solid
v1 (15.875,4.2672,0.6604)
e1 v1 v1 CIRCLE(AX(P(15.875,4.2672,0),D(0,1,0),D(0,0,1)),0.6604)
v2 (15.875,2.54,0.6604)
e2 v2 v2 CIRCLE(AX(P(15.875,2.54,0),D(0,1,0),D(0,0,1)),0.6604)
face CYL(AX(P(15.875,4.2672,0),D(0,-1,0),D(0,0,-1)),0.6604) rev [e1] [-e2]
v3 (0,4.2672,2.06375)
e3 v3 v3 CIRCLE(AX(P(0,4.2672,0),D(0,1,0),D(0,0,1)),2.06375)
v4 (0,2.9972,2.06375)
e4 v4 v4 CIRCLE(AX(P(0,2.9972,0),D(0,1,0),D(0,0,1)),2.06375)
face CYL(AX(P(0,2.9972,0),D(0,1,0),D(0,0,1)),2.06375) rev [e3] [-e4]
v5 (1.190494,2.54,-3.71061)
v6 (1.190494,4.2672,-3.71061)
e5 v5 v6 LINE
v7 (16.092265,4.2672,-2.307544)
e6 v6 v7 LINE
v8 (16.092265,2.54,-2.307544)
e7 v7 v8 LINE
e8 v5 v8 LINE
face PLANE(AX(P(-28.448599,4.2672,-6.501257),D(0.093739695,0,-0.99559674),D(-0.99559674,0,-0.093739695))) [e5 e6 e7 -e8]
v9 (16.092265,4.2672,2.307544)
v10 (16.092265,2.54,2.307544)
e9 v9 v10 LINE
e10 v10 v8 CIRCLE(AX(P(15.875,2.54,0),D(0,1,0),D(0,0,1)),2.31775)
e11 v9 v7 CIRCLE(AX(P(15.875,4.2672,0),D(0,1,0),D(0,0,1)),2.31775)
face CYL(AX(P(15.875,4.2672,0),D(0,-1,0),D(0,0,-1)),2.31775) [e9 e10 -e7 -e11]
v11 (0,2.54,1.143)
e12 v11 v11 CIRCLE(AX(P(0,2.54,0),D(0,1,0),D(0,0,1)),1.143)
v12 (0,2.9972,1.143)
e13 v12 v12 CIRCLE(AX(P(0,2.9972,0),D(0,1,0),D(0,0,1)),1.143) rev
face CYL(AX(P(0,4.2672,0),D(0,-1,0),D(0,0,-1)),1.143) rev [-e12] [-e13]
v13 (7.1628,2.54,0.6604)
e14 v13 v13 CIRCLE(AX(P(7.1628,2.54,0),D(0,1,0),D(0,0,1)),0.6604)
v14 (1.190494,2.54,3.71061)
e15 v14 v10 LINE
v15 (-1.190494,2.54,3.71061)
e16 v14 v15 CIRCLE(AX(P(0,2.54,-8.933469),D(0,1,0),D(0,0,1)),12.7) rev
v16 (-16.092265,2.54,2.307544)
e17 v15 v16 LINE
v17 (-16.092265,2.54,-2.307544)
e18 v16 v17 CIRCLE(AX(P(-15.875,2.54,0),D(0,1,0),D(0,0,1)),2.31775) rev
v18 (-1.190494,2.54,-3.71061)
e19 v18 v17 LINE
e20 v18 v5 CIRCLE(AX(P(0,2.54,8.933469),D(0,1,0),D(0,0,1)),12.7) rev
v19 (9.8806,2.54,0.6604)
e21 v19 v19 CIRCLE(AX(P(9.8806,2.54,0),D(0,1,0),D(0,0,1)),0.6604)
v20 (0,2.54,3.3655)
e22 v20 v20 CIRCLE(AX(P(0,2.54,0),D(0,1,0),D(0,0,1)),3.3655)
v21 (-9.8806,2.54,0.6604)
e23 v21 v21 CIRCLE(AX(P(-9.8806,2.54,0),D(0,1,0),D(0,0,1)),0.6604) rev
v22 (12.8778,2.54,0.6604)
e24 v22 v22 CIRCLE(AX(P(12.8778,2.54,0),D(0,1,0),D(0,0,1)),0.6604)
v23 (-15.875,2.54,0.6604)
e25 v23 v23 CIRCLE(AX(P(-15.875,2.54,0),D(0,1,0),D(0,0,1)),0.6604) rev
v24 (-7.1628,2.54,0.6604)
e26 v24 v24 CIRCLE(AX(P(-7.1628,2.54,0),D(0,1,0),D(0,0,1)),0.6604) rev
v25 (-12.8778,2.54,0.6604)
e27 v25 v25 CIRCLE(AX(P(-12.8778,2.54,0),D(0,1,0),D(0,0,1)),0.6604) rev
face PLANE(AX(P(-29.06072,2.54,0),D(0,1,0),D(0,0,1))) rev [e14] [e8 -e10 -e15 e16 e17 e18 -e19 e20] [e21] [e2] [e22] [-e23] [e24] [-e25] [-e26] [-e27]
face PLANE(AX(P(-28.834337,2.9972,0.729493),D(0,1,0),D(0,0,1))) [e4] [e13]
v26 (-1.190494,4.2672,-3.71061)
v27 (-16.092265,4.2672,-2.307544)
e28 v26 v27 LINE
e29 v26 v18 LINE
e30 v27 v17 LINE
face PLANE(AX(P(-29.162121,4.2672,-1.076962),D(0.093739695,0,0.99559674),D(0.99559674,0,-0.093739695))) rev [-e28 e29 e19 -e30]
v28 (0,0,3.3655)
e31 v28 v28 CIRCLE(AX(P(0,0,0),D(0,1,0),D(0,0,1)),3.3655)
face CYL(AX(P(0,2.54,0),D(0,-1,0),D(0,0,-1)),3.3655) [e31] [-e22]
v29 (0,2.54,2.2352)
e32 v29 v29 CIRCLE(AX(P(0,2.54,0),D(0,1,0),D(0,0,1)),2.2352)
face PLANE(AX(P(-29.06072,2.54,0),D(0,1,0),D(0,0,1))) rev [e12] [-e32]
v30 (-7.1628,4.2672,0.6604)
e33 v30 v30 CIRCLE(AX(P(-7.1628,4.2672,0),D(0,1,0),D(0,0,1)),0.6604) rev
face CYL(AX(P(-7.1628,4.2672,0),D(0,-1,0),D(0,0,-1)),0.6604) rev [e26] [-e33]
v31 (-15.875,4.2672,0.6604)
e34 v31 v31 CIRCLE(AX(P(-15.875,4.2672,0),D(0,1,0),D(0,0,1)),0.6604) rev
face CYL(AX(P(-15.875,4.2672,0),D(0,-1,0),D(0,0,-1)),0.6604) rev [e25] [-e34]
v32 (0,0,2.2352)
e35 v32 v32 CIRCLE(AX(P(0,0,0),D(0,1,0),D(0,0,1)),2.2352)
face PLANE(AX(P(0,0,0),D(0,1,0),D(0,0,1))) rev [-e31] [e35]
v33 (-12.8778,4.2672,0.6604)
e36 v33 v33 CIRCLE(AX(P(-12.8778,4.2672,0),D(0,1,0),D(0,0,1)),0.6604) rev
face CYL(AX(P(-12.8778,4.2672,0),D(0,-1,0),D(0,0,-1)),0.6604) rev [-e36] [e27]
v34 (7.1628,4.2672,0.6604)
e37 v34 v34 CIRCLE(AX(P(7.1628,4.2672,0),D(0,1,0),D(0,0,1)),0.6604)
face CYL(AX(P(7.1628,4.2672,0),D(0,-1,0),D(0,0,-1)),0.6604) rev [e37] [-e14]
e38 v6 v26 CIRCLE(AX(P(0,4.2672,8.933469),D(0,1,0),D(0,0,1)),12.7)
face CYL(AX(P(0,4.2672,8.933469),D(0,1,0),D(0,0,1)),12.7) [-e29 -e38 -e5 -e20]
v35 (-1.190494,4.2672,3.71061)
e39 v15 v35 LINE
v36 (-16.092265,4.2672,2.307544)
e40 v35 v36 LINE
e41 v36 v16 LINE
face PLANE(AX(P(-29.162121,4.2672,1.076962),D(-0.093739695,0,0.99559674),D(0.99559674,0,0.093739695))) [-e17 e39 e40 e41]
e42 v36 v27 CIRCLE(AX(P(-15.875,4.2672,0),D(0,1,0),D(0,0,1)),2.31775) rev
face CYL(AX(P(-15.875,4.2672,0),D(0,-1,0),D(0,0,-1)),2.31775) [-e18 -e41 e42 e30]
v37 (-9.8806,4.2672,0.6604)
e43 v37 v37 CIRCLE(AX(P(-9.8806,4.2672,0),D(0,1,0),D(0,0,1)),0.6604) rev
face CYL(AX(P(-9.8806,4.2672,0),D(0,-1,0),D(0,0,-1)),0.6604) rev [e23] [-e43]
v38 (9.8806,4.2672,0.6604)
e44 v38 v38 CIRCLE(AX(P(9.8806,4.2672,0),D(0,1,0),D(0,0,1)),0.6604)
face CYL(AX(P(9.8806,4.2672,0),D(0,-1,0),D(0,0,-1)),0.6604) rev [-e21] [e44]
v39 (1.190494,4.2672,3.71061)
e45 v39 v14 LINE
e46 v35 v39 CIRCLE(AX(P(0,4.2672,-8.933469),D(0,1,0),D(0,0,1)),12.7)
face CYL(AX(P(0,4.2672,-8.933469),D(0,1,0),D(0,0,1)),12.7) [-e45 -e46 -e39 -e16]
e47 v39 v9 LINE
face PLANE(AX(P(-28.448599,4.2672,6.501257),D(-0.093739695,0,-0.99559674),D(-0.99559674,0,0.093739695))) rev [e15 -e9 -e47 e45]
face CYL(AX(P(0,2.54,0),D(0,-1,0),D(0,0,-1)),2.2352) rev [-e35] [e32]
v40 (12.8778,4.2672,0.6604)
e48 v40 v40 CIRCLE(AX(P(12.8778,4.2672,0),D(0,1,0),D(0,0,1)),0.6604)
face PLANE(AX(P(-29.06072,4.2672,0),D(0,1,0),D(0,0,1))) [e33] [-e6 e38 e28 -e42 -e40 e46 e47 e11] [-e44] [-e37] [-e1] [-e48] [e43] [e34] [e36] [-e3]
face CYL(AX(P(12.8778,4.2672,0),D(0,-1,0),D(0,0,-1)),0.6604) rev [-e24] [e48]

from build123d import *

# Parameters (mm, degrees)
SKETCH1_R           = 3.3655
SKETCH1_R_2         = 2.2352
BOSS_EXTRUDE1_DEPTH = 2.54
SKETCH2_R           = 0.6604
SKETCH2_R_2         = 2.31775
SKETCH2_R_3         = 3.3655
SKETCH2_R_4         = 2.2352
SKETCH2_R_5         = 1.143
BOSS_EXTRUDE2_DEPTH = 1.7272
FILLET1_R           = 12.7
SKETCH3_R           = 2.06375
SKETCH3_R_2         = 1.143
CUT_EXTRUDE1_DEPTH  = 1.27


with BuildPart() as part:
    # Sketch1 → Boss-Extrude1 (new body)
    with BuildSketch(Plane(origin=(0, 0, 0), x_dir=(1, 0, 0), z_dir=(0, 1, 0))):
        with Locations(Location((0, 0, 0), (0, 0, 270))):
            Circle(SKETCH1_R)
        with Locations(Location((0, 0, 0), (0, 0, 270))):
            Circle(SKETCH1_R_2, mode=Mode.SUBTRACT)
    extrude(amount=BOSS_EXTRUDE1_DEPTH)

    # Sketch2 → Boss-Extrude2 (add)
    with BuildSketch(Plane(origin=(0, 2.54, 0), x_dir=(1, 0, 0), z_dir=(0, 1, 0))):
        with BuildLine():
            ThreePointArc((-0.713521748, -3.755518873), (-3.8227, 0), (-0.713521748, 3.755518873))
            Line((-0.713521748, 3.755518873), (-16.092265178, 2.307544345))
            ThreePointArc((-16.092265178, 2.307544345), (-14.314807913, 1.713991165), (-13.55725, 0))
            ThreePointArc((-13.55725, 0), (-14.314807913, -1.713991165), (-16.092265178, -2.307544345))
            Line((-16.092265178, -2.307544345), (-0.713521748, -3.755518873))
        make_face()
        with Locations(Location((-12.8778, 0, 0), (0, 0, 270))):
            Circle(SKETCH2_R, mode=Mode.SUBTRACT)
        with Locations(Location((-9.8806, 0, 0), (0, 0, 270))):
            Circle(SKETCH2_R, mode=Mode.SUBTRACT)
        with Locations(Location((-7.1628, 0, 0), (0, 0, 270))):
            Circle(SKETCH2_R, mode=Mode.SUBTRACT)
        with Locations((-15.875, 0)):
            Circle(SKETCH2_R_2)
        with Locations(Location((-15.875, 0, 0), (0, 0, 270))):
            Circle(SKETCH2_R, mode=Mode.SUBTRACT)
        with BuildLine():
            Line((16.092265178, 2.307544345), (0.713521748, 3.755518873))
            ThreePointArc((0.713521748, 3.755518873), (2.944538578, 2.437771083), (3.8227, 0))
            ThreePointArc((3.8227, 0), (2.944538578, -2.437771083), (0.713521748, -3.755518873))
            Line((0.713521748, -3.755518873), (16.092265178, -2.307544345))
            ThreePointArc((16.092265178, -2.307544345), (13.55725, 0), (16.092265178, 2.307544345))
        make_face()
        with Locations(Location((7.1628, 0, 0), (0, 0, 270))):
            Circle(SKETCH2_R, mode=Mode.SUBTRACT)
        with Locations(Location((9.8806, 0, 0), (0, 0, 270))):
            Circle(SKETCH2_R, mode=Mode.SUBTRACT)
        with Locations(Location((12.8778, 0, 0), (0, 0, 270))):
            Circle(SKETCH2_R, mode=Mode.SUBTRACT)
        with Locations((15.875, 0)):
            Circle(SKETCH2_R_2)
        with Locations(Location((15.875, 0, 0), (0, 0, 270))):
            Circle(SKETCH2_R, mode=Mode.SUBTRACT)
        with BuildLine():
            Line((0.713521748, 3.755518873), (0, 3.8227))
            Line((0, 3.8227), (-0.713521748, 3.755518873))
            ThreePointArc((-0.713521748, 3.755518873), (-3.8227, 0), (-0.713521748, -3.755518873))
            Line((-0.713521748, -3.755518873), (0, -3.8227))
            Line((0, -3.8227), (0.713521748, -3.755518873))
            ThreePointArc((0.713521748, -3.755518873), (2.944538578, -2.437771083), (3.8227, 0))
            ThreePointArc((3.8227, 0), (2.944538578, 2.437771083), (0.713521748, 3.755518873))
        make_face()
        with Locations(Location((0, 0, 0), (0, 0, 270))):
            Circle(SKETCH2_R_3, mode=Mode.SUBTRACT)
        with Locations(Location((0, 0, 0), (0, 0, 270))):
            Circle(SKETCH2_R_3)
        with Locations(Location((0, 0, 0), (0, 0, 270))):
            Circle(SKETCH2_R_4, mode=Mode.SUBTRACT)
        with Locations(Location((0, 0, 0), (0, 0, 270))):
            Circle(SKETCH2_R_4)
        with Locations(Location((0, 0, 0), (0, 0, 270))):
            Circle(SKETCH2_R_5, mode=Mode.SUBTRACT)
    extrude(amount=BOSS_EXTRUDE2_DEPTH)

    # Fillet1
    fillet1_edges = [part.edges().sort_by_distance(p)[0] for p in [
        (0, 3.4036, -3.8227),
        (0, 3.4036, 3.8227),
    ]]
    fillet(fillet1_edges, radius=FILLET1_R)

    # Sketch3 → Cut-Extrude1 (cut)
    with BuildSketch(Plane(origin=(0, 4.2672, 0), x_dir=(1, 0, 0), z_dir=(0, 1, 0))):
        with Locations(Location((0, 0, 0), (0, 0, 270))):
            Circle(SKETCH3_R)
        with Locations(Location((0, 0, 0), (0, 0, 270))):
            Circle(SKETCH3_R_2, mode=Mode.SUBTRACT)
    extrude(amount=-CUT_EXTRUDE1_DEPTH, mode=Mode.SUBTRACT)


solid = part.part
